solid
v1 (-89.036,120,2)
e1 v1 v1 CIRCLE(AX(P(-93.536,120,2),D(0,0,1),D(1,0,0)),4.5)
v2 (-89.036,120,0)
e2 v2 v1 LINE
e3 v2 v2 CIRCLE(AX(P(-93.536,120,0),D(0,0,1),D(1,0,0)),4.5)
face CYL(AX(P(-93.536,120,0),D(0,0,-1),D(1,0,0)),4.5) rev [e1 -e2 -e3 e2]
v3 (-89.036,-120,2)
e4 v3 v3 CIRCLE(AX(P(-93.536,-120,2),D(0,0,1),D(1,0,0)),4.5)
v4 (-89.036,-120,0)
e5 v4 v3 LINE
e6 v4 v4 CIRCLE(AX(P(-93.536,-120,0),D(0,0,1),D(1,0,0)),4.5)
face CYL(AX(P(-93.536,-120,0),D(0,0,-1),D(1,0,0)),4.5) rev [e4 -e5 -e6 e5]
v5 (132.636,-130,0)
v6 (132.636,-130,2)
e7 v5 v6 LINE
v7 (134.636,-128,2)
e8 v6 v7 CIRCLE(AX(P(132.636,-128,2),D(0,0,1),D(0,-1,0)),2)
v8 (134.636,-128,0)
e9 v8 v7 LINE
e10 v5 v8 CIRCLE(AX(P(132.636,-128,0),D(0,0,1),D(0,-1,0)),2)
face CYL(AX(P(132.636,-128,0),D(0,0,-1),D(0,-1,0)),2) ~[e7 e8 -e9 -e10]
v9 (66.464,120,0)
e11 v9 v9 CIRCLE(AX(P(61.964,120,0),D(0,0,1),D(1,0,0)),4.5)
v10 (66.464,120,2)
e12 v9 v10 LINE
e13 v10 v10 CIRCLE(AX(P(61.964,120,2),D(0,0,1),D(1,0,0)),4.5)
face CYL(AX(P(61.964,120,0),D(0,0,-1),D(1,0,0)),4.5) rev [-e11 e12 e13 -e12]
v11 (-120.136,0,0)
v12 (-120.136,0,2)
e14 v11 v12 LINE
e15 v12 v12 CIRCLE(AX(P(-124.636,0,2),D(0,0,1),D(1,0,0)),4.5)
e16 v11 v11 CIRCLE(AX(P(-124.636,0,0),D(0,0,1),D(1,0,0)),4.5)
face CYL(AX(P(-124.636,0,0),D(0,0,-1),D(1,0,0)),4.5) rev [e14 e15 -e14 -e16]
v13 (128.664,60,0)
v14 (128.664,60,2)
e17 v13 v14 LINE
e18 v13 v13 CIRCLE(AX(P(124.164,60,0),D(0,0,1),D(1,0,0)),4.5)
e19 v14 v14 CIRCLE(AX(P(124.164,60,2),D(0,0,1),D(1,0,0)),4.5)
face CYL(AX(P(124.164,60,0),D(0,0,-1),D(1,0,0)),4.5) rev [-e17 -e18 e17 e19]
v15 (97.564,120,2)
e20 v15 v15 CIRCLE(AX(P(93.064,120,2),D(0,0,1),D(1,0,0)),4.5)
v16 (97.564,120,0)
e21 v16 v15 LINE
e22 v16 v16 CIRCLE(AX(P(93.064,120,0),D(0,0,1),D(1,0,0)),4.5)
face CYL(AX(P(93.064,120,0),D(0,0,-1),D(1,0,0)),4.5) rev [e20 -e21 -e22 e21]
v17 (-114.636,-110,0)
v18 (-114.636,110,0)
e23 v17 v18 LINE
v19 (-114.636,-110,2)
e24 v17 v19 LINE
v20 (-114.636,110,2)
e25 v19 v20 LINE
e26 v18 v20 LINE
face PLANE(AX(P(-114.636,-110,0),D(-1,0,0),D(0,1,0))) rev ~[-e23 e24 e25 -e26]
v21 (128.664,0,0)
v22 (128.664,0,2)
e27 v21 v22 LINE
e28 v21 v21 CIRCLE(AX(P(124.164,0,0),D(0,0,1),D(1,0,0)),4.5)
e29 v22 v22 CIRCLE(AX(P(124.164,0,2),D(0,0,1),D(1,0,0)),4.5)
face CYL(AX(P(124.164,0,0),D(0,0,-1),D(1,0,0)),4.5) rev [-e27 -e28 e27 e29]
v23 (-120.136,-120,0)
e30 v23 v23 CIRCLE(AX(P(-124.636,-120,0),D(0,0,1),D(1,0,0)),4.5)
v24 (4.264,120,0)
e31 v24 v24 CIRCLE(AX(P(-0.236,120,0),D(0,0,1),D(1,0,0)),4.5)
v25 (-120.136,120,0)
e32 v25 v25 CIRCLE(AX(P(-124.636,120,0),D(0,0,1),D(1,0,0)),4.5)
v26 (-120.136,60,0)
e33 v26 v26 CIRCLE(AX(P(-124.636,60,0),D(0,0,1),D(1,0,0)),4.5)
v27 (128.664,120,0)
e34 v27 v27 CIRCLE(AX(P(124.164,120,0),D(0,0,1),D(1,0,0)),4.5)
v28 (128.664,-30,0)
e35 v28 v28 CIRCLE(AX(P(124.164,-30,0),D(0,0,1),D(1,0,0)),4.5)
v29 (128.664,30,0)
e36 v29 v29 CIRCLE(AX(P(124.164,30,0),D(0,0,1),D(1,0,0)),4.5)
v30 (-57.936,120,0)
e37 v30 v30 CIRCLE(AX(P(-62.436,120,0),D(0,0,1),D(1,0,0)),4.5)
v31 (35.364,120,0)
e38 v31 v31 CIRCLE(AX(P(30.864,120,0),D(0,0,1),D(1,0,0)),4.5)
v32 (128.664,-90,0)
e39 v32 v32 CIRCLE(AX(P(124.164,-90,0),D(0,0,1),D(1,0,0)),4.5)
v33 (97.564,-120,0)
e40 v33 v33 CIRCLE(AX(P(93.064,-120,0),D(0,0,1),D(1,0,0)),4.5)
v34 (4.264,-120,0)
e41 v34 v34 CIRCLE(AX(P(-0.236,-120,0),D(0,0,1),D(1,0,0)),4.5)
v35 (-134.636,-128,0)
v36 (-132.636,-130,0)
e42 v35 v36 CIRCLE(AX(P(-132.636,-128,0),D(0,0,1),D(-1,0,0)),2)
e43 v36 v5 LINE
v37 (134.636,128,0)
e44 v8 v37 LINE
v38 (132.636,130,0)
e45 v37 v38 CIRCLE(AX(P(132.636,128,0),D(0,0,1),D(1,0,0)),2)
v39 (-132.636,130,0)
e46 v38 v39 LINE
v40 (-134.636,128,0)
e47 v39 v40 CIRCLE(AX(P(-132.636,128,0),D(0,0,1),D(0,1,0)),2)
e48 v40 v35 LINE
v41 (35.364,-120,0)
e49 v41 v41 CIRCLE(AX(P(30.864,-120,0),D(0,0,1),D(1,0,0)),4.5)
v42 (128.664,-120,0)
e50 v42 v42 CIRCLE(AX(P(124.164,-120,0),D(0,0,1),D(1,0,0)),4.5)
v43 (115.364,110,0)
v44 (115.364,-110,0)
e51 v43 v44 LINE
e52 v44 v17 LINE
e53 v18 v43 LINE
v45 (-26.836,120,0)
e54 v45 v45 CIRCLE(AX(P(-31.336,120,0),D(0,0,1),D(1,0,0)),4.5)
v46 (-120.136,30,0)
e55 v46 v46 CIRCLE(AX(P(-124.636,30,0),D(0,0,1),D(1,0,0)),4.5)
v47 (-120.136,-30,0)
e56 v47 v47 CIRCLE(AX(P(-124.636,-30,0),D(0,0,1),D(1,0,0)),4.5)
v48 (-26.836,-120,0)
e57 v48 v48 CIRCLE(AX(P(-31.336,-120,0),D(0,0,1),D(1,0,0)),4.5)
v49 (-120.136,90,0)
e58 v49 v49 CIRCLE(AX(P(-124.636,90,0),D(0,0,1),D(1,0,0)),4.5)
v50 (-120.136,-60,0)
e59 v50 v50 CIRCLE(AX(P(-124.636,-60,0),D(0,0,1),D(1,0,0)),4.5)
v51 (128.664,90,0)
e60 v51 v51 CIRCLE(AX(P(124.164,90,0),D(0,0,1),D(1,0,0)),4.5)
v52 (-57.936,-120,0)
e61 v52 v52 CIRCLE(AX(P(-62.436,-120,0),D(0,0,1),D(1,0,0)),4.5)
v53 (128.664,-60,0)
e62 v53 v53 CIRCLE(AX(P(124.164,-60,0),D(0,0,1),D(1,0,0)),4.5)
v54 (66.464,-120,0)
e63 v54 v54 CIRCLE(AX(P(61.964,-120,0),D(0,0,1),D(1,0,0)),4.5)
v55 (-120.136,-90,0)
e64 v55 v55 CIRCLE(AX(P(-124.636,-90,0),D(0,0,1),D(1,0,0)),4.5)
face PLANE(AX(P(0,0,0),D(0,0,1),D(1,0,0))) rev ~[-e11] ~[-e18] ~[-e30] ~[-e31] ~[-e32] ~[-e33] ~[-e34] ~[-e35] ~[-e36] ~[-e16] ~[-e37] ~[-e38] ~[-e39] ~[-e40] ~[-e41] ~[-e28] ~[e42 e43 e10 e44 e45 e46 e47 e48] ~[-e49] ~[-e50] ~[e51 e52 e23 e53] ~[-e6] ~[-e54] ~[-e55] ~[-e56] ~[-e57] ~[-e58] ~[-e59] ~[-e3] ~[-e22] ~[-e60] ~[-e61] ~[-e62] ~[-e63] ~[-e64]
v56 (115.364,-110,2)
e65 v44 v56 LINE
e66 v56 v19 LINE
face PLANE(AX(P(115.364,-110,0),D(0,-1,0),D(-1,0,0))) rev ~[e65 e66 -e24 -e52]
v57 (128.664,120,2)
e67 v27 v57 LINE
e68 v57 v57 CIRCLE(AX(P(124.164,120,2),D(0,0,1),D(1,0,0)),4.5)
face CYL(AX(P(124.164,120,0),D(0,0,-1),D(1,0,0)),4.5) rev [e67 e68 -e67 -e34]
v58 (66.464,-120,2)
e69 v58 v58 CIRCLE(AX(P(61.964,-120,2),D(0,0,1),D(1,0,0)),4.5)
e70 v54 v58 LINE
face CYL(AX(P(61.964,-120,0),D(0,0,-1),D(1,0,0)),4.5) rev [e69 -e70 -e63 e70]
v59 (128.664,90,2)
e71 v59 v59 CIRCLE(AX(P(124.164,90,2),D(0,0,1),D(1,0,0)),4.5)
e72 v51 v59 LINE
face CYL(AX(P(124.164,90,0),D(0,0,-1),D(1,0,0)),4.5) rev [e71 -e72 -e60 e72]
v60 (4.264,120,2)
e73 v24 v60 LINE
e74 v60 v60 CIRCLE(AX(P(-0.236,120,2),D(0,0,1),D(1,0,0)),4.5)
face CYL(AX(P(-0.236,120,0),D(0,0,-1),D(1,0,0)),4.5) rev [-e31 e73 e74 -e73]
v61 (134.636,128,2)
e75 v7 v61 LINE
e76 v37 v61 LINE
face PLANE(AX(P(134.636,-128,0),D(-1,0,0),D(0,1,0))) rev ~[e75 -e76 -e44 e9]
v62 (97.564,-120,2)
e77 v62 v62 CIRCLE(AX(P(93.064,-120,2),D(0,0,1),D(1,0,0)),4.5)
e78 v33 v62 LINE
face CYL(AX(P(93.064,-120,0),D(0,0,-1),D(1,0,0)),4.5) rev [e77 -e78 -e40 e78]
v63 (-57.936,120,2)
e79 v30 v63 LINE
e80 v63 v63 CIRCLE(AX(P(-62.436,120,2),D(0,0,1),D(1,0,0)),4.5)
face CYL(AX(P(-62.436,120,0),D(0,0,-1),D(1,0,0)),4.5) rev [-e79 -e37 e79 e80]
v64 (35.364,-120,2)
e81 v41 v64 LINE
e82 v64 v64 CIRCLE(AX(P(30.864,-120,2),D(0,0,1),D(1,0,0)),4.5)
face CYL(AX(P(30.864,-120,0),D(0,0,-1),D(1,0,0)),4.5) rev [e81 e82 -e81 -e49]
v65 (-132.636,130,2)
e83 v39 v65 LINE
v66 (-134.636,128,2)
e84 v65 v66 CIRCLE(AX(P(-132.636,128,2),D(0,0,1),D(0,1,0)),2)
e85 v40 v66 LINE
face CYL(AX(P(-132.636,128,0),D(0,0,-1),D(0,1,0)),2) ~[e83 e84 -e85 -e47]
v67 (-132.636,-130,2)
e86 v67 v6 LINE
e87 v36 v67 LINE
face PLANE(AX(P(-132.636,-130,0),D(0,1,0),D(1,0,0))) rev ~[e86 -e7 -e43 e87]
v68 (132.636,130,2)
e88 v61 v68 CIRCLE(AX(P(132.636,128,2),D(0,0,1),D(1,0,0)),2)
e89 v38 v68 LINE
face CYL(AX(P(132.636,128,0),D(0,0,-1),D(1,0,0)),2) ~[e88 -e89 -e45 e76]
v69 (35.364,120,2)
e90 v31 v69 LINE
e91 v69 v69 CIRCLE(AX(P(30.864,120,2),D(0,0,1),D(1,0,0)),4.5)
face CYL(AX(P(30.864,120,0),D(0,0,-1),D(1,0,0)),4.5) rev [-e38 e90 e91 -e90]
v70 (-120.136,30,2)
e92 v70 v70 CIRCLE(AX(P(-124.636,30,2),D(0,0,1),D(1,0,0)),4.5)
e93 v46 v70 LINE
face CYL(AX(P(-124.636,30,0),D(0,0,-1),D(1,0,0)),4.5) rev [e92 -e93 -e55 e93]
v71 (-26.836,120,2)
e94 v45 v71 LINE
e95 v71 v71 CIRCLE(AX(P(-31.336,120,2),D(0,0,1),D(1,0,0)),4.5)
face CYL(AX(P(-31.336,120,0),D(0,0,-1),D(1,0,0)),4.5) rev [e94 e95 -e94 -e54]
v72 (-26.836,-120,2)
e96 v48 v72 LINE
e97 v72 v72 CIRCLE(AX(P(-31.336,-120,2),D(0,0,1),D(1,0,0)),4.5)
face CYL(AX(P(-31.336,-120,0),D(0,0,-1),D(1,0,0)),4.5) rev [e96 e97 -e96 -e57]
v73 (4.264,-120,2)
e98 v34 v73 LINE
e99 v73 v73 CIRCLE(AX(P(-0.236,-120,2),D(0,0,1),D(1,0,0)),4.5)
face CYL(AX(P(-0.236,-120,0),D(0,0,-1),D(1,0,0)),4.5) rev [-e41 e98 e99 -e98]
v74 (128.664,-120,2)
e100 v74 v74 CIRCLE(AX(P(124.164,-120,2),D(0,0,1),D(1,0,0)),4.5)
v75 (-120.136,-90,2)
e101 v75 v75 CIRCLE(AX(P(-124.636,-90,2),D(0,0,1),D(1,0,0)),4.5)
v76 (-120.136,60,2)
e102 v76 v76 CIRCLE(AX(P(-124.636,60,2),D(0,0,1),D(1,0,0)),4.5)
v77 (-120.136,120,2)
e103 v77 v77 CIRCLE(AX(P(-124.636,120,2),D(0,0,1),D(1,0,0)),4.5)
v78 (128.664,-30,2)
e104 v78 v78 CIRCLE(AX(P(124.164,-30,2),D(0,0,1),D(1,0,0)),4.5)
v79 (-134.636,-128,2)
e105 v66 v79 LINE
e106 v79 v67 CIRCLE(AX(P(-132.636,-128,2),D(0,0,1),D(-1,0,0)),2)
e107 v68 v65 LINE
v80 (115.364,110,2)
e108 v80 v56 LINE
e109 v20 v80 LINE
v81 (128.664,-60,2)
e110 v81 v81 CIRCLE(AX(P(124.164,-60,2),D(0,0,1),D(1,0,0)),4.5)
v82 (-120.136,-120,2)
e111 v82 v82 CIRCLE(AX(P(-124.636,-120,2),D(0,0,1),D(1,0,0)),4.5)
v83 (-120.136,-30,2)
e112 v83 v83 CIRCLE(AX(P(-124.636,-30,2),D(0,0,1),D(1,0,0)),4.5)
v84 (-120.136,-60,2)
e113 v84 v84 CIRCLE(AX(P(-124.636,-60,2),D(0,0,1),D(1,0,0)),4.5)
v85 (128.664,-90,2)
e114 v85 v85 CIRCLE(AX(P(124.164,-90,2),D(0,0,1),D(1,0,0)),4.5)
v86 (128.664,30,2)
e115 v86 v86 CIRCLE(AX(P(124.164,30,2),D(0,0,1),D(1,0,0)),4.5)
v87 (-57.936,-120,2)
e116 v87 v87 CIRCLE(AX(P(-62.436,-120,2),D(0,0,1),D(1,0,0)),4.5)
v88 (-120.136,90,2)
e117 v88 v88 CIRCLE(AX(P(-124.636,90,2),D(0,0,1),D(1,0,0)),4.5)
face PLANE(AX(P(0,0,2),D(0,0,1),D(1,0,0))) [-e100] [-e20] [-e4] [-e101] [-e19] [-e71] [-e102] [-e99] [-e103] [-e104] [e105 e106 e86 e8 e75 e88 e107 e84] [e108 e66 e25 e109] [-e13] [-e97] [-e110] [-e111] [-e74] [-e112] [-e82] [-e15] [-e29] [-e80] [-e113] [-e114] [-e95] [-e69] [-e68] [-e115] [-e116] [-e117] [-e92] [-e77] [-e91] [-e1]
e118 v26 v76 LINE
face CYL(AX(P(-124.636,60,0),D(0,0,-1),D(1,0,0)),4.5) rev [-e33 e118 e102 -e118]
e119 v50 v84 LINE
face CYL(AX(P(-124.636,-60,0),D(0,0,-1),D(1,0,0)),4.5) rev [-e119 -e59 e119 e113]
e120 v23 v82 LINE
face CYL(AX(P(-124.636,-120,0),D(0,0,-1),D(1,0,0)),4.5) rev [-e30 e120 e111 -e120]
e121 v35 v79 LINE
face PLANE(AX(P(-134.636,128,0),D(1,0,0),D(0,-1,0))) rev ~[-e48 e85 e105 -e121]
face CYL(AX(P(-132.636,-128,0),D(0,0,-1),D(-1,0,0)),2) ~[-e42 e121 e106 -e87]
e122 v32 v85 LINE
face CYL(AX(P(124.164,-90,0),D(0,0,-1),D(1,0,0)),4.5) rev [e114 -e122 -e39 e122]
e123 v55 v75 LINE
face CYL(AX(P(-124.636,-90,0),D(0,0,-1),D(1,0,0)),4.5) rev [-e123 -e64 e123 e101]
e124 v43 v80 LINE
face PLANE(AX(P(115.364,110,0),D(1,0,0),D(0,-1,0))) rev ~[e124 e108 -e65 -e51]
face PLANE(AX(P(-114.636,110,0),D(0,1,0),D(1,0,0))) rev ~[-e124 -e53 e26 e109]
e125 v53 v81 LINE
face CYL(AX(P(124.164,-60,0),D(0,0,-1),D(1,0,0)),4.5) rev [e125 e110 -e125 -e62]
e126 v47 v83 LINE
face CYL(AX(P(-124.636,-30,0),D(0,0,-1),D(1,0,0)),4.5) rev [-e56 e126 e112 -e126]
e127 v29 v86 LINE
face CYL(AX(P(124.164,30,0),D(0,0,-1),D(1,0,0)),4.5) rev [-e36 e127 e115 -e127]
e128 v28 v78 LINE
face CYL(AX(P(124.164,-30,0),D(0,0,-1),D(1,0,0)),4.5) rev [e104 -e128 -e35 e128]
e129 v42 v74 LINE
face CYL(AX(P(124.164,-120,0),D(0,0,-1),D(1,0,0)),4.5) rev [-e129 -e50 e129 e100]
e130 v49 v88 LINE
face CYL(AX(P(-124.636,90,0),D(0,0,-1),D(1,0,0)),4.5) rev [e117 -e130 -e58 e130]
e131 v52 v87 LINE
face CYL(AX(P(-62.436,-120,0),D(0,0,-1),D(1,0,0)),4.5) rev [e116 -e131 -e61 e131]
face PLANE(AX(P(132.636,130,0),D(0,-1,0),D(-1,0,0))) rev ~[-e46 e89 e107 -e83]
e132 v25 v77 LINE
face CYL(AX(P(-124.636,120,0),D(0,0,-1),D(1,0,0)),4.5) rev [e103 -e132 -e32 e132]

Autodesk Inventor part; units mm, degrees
ref_plane "YZ Plane" through (0, 0, 0) normal (1, 0, 0) x (0, 1, 0)
ref_plane "XZ Plane" through (0, 0, 0) normal (0, 1, 0) x (-1, 0, 0)
ref_plane "XY Plane" through (0, 0, 0) normal (0, 0, 1) x (1, 0, 0)
ref_plane "РабПлоскость1" through (0, 0, 0) normal (0, 0, 1) x (1, 0, 0)
sketch "Эскиз1" plane through (0, 0, 0) normal (0, 0, 1) x (1, 0, 0)
  circle A0 centre (124.164, -120) radius 4 projected
  circle A1 centre (93.064, -120) radius 4 projected
  circle A2 centre (61.964, -120) radius 4 projected
  circle A3 centre (30.864, -120) radius 4 projected
  circle A4 centre (-0.236, -120) radius 4 projected
  circle A5 centre (-31.336, -120) radius 4 projected
  circle A6 centre (-62.436, -120) radius 4 projected
  circle A7 centre (-93.536, -120) radius 4 projected
  circle A8 centre (-124.636, -120) radius 4 projected
  circle A9 centre (124.164, -90) radius 4 projected
  circle A10 centre (-124.636, -90) radius 4 projected
  circle A11 centre (124.164, -60) radius 4 projected
  circle A12 centre (-124.636, -60) radius 4 projected
  circle A13 centre (124.164, -30) radius 4 projected
  circle A14 centre (-124.636, -30) radius 4 projected
  circle A15 centre (124.164, 0) radius 4 projected
  circle A16 centre (-124.636, 0) radius 4 projected
  circle A17 centre (124.164, 30) radius 4 projected
  circle A18 centre (-124.636, 30) radius 4 projected
  circle A19 centre (124.164, 60) radius 4 projected
  circle A20 centre (-124.636, 60) radius 4 projected
  circle A21 centre (124.164, 90) radius 4 projected
  circle A22 centre (-124.636, 90) radius 4 projected
  circle A23 centre (124.164, 120) radius 4 projected
  circle A24 centre (93.064, 120) radius 4 projected
  circle A25 centre (61.964, 120) radius 4 projected
  circle A26 centre (30.864, 120) radius 4 projected
  circle A27 centre (-0.236, 120) radius 4 projected
  circle A28 centre (-31.336, 120) radius 4 projected
  circle A29 centre (-62.436, 120) radius 4 projected
  circle A30 centre (-93.536, 120) radius 4 projected
  circle A31 centre (-124.636, 120) radius 4 projected
  line L0 (115.364, 110) -> (115.364, -110) projected
  line L1 (115.364, -110) -> (-114.636, -110) projected
  line L2 (-114.636, -110) -> (-114.636, 110) projected
  line L3 (-114.636, 110) -> (115.364, 110) projected
  arc A32 (-132.636, 130) -> (-134.636, 128) centre (-132.636, 128) ccw projected
  line L4 (-134.636, 128) -> (-134.636, -128) projected
  arc A33 (-134.636, -128) -> (-132.636, -130) centre (-132.636, -128) ccw projected
  line L5 (-132.636, -130) -> (132.636, -130) projected
  arc A34 (132.636, -130) -> (134.636, -128) centre (132.636, -128) ccw projected
  line L6 (134.636, -128) -> (134.636, 128) projected
  arc A35 (134.636, 128) -> (132.636, 130) centre (132.636, 128) ccw projected
  line L7 (132.636, 130) -> (-132.636, 130) projected
  circle A36 centre (-124.636, 120) radius 4.5
  circle A37 centre (-93.536, 120) radius 4.5
  circle A38 centre (-62.436, 120) radius 4.5
  circle A39 centre (-31.336, 120) radius 4.5
  circle A40 centre (-0.236, 120) radius 4.5
  circle A41 centre (30.864, 120) radius 4.5
  circle A42 centre (61.964, 120) radius 4.5
  circle A43 centre (93.064, 120) radius 4.5
  circle A44 centre (124.164, 120) radius 4.5
  circle A45 centre (124.164, 90) radius 4.5
  circle A46 centre (124.164, 60) radius 4.5
  circle A47 centre (124.164, 30) radius 4.5
  circle A48 centre (124.164, 0) radius 4.5
  circle A49 centre (124.164, -30) radius 4.5
  circle A50 centre (124.164, -60) radius 4.5
  circle A51 centre (124.164, -90) radius 4.5
  circle A52 centre (124.164, -120) radius 4.5
  circle A53 centre (93.064, -120) radius 4.5
  circle A54 centre (61.964, -120) radius 4.5
  circle A55 centre (30.864, -120) radius 4.5
  circle A56 centre (-0.236, -120) radius 4.5
  circle A57 centre (-31.336, -120) radius 4.5
  circle A58 centre (-62.436, -120) radius 4.5
  circle A59 centre (-93.536, -120) radius 4.5
  circle A60 centre (-124.636, -120) radius 4.5
  circle A61 centre (-124.636, -90) radius 4.5
  circle A62 centre (-124.636, -60) radius 4.5
  circle A63 centre (-124.636, -30) radius 4.5
  circle A64 centre (-124.636, 0) radius 4.5
  circle A65 centre (-124.636, 30) radius 4.5
  circle A66 centre (-124.636, 60) radius 4.5
  circle A67 centre (-124.636, 90) radius 4.5
  point P0 (0, 0)
  dimension "d0" = 9
  dimension "d1" = 9
  dimension "d2" = 9
  dimension "d3" = 9
  dimension "d4" = 9
  dimension "d5" = 9
  dimension "d6" = 9
  dimension "d7" = 9
  dimension "d8" = 9
  dimension "d9" = 9
  dimension "d10" = 9
  dimension "d11" = 9
  dimension "d12" = 9
  dimension "d13" = 9
  dimension "d14" = 9
  dimension "d15" = 9
  dimension "d16" = 9
  dimension "d17" = 9
  dimension "d18" = 9
  dimension "d19" = 9
  dimension "d20" = 9
  dimension "d21" = 9
  dimension "d22" = 9
  dimension "d23" = 9
  dimension "d24" = 9
  dimension "d25" = 9
  dimension "d26" = 9
  dimension "d27" = 9
  dimension "d28" = 9
  dimension "d29" = 9
  dimension "d30" = 9
  dimension "d31" = 9
extrude "Выдавливание1" add sketch "Эскиз1" along normal blind 2 contours L7 A35 L6 A34 L5 A33 L4 A32
properties material "Алюминий 6061"
